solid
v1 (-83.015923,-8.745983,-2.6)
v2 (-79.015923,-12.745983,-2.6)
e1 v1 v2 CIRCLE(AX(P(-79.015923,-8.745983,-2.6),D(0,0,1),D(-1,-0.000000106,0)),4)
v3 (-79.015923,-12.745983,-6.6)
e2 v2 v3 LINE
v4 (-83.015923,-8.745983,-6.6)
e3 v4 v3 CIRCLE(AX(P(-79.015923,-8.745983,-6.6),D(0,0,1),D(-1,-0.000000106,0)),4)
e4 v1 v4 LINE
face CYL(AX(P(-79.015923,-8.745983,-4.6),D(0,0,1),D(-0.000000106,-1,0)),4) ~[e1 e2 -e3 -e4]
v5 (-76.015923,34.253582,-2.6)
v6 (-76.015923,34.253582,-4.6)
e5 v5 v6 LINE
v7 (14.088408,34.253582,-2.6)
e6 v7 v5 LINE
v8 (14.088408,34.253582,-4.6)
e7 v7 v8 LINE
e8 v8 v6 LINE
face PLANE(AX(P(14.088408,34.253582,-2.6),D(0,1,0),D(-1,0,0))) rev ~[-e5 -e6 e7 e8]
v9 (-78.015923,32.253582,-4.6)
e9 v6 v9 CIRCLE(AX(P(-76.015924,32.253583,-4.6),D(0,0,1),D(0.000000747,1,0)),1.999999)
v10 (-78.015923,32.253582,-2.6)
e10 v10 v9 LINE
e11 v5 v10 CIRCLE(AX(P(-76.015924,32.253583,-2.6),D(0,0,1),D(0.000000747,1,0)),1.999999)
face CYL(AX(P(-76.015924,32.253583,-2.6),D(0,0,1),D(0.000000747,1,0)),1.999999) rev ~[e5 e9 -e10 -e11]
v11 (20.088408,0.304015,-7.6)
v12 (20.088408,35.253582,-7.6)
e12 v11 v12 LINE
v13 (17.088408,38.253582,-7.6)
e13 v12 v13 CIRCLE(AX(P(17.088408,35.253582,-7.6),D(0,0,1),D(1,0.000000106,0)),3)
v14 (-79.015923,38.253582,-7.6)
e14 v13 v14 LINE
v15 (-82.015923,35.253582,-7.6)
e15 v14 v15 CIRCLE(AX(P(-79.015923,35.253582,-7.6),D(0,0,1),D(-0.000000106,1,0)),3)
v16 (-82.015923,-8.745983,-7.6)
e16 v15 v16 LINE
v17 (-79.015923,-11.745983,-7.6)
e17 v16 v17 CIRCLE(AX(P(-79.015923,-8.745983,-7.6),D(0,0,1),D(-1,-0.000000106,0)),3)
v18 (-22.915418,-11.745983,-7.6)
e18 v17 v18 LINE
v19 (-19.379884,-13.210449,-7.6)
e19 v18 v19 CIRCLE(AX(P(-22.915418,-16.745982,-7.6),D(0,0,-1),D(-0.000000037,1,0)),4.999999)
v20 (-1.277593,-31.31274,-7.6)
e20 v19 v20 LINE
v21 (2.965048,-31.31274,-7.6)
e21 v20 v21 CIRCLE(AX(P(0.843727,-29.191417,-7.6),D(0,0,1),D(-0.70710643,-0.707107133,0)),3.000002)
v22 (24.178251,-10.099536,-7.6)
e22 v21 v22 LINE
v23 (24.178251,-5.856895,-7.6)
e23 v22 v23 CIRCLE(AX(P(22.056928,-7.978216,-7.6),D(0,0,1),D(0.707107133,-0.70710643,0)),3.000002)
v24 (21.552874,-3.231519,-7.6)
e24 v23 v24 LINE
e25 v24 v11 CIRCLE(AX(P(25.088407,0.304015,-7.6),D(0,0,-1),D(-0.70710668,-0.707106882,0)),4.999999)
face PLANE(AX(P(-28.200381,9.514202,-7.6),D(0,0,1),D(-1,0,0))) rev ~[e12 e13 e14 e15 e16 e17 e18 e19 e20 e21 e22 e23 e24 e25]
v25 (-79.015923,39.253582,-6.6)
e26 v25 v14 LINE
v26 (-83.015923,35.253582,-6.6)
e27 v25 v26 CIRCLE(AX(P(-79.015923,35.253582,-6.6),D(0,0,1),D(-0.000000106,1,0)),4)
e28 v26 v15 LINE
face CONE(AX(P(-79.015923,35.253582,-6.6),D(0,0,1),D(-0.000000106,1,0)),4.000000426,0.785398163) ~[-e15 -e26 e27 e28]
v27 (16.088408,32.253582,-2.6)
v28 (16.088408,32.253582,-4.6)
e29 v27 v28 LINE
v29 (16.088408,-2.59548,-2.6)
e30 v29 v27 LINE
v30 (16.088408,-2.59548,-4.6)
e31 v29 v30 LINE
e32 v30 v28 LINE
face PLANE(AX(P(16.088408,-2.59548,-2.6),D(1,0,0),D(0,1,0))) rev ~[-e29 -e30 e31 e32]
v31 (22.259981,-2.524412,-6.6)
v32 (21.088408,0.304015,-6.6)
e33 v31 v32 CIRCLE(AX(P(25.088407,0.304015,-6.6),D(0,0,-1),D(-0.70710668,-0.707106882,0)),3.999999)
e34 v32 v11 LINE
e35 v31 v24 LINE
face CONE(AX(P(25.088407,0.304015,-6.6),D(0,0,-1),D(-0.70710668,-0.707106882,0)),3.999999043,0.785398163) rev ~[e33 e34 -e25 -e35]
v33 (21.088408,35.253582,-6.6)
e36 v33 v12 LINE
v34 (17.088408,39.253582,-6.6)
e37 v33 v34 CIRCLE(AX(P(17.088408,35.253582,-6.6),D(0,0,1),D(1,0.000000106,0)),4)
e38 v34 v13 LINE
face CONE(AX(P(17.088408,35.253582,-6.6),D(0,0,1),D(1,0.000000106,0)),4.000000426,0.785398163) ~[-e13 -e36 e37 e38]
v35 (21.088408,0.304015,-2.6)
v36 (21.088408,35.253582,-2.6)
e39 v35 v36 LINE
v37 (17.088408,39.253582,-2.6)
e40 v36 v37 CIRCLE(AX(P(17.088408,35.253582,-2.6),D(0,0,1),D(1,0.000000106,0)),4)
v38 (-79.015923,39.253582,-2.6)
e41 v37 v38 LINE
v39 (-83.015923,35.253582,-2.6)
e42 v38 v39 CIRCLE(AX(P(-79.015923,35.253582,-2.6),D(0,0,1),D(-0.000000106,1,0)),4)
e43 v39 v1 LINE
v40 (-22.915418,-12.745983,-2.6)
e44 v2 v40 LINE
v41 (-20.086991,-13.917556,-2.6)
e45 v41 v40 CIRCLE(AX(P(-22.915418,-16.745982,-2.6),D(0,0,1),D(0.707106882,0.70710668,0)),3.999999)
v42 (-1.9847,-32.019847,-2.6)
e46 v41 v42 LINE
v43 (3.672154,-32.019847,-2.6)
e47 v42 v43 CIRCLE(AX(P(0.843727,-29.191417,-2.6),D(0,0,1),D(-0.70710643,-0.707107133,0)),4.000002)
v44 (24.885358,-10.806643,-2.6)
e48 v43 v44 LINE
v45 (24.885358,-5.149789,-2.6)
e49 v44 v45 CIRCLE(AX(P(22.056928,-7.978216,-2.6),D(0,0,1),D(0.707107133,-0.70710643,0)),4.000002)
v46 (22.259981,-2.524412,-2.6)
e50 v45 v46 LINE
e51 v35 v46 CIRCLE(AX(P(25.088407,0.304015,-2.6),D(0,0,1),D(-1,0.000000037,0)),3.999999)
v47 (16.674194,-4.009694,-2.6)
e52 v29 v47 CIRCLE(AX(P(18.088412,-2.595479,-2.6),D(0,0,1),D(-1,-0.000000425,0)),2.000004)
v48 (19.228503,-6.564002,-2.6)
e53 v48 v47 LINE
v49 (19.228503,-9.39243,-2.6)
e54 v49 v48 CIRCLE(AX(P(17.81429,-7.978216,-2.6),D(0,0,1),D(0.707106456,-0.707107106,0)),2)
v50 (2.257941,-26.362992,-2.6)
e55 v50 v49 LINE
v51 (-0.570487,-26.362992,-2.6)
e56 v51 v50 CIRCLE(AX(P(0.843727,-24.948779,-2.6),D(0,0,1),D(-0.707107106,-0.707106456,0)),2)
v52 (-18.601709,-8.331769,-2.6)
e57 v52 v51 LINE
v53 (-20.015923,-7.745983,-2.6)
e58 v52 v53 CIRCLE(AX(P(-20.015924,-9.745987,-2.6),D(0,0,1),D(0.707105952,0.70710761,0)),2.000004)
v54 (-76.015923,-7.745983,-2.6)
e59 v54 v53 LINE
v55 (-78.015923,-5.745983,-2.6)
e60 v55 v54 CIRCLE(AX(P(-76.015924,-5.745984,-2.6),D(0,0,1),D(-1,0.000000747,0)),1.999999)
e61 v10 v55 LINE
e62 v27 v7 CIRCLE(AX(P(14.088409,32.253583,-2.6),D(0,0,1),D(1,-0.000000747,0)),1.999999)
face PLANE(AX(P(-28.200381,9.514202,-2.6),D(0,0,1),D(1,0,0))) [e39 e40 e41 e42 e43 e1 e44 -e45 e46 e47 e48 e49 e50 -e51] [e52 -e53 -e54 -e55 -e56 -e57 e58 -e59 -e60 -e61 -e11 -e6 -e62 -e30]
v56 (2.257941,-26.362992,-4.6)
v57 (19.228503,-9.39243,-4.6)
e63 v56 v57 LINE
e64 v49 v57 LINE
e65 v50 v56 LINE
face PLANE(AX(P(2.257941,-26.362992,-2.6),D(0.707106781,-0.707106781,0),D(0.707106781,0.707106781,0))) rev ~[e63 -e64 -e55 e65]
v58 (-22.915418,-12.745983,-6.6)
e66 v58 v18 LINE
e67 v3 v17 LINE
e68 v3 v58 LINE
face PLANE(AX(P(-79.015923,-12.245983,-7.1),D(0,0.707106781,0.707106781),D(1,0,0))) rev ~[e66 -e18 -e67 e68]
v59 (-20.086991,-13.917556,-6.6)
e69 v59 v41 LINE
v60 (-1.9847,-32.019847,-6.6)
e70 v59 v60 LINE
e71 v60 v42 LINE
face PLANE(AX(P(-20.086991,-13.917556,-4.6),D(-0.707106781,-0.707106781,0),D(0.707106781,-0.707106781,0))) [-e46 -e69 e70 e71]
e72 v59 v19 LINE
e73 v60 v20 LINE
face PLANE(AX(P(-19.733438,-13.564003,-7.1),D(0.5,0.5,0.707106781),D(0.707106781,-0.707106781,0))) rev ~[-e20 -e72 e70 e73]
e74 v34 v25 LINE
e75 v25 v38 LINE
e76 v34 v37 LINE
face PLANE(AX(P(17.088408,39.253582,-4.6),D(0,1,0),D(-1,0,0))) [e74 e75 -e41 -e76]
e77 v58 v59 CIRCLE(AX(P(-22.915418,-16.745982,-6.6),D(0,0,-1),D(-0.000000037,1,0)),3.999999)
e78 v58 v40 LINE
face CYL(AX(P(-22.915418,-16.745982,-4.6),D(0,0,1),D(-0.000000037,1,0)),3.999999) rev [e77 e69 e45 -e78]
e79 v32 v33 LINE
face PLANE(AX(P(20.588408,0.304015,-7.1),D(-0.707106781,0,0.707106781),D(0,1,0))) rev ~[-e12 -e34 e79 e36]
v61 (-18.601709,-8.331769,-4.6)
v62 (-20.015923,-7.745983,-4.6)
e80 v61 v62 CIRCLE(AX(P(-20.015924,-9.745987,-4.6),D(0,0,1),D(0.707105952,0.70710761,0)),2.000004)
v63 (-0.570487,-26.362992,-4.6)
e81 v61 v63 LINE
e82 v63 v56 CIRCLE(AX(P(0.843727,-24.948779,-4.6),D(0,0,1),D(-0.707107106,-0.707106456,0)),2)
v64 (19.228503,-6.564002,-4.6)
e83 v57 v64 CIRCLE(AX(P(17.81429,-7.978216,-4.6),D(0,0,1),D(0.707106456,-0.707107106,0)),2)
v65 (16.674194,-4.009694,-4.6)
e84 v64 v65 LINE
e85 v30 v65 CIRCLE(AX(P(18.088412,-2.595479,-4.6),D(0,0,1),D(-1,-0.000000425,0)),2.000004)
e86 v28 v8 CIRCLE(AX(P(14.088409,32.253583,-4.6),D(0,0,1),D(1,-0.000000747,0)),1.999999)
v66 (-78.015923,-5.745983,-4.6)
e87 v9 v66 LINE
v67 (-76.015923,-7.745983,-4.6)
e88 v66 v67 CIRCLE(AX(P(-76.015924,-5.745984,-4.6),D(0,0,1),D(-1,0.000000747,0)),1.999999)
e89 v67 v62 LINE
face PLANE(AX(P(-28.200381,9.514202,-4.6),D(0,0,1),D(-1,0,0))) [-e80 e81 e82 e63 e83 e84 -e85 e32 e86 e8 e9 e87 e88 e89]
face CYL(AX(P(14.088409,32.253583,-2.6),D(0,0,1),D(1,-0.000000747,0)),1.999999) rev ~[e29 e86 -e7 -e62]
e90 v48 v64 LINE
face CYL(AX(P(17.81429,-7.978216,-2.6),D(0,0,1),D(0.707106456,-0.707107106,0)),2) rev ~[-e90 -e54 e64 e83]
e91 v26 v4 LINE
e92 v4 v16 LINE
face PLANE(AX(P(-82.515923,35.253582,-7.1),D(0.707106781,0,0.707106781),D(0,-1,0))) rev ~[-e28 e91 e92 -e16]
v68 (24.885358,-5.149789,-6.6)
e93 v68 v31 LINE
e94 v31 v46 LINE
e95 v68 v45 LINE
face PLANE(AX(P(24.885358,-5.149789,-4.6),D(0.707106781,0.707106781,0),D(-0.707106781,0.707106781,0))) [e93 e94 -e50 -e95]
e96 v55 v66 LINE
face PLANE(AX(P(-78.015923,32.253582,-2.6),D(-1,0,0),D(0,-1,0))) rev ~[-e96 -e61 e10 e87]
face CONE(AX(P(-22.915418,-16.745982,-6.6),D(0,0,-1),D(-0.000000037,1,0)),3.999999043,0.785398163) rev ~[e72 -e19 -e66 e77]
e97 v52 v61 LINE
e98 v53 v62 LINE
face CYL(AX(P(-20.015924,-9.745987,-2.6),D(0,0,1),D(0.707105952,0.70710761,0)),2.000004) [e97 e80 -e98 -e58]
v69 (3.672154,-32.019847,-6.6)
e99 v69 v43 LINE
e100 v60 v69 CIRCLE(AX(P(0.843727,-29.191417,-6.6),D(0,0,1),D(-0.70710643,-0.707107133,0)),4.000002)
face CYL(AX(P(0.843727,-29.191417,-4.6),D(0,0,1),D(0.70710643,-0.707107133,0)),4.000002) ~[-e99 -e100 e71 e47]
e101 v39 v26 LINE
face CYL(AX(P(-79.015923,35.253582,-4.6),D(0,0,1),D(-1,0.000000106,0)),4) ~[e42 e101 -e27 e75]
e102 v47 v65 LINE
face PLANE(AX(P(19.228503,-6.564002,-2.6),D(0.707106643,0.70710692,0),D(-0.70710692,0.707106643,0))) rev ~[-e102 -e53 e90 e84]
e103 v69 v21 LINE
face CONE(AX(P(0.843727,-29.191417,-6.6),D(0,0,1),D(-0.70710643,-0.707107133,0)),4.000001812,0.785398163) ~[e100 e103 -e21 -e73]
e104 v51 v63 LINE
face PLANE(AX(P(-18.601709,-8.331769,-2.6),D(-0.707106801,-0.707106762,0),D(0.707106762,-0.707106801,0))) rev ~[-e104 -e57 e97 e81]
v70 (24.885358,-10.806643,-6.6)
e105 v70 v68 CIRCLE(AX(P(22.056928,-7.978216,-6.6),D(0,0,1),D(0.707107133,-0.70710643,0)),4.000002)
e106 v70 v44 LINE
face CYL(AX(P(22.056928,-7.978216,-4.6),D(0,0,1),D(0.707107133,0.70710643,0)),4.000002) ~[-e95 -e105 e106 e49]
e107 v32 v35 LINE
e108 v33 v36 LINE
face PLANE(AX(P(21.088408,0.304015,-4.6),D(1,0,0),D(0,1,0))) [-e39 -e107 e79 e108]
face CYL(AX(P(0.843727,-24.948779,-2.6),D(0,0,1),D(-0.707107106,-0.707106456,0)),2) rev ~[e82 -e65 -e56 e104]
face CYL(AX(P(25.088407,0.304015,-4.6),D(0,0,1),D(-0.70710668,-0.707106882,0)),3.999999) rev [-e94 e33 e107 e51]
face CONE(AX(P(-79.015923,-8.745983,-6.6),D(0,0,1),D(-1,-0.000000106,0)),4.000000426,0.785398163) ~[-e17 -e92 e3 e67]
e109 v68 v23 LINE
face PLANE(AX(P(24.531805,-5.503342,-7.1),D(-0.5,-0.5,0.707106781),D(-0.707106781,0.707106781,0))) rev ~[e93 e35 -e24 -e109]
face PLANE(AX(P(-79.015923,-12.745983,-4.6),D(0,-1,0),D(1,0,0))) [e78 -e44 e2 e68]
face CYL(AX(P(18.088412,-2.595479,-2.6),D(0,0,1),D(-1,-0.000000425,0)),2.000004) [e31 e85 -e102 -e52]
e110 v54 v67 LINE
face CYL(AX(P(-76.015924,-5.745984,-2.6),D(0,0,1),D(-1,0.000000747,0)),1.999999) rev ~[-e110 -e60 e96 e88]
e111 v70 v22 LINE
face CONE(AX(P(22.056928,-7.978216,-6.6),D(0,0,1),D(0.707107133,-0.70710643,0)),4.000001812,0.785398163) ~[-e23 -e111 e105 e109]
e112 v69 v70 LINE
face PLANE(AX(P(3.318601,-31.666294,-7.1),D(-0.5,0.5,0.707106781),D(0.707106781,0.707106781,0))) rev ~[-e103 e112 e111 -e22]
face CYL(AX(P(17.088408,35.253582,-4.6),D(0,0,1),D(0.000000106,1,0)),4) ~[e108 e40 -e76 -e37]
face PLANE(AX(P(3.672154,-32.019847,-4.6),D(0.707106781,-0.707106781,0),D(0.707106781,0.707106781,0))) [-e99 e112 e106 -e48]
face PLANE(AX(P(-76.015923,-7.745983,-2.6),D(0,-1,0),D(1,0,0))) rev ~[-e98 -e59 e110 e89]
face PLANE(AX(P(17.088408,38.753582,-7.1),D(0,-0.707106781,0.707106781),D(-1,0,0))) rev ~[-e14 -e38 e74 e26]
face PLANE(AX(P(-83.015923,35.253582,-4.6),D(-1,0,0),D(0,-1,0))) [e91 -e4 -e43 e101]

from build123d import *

# Parameters (mm, degrees)
PAD002_DEPTH = 2
PAD003_DEPTH = 3
CHAMFER_SIZE = 1


with BuildPart() as part:
    # Sketch002 → Pad002 (new body)
    with BuildSketch(Plane.XY):
        with BuildLine():
            Line((17.088408, 39.253582), (-79.015923, 39.253582))
            ThreePointArc((-79.015923, 39.253582), (-81.84435, 38.082009), (-83.015923, 35.253582))
            Line((-83.015923, 35.253582), (-83.015923, -8.745983))
            ThreePointArc((-83.015923, -8.745983), (-81.84435, -11.57441), (-79.015923, -12.745983))
            Line((-79.015923, -12.745983), (-22.915418, -12.745983))
            ThreePointArc((-20.086991, -13.917556), (-21.384684, -13.050465), (-22.915418, -12.745983))
            Line((-20.086991, -13.917556), (-1.9847, -32.019847))
            ThreePointArc((-1.9847, -32.019847), (0.843727, -33.191419), (3.672154, -32.019847))
            Line((3.672154, -32.019847), (24.885358, -10.806643))
            ThreePointArc((24.885358, -10.806643), (26.05693, -7.978216), (24.885358, -5.149789))
            Line((24.885358, -5.149789), (22.259981, -2.524412))
            ThreePointArc((21.088408, 0.304015), (21.39289, -1.226719), (22.259981, -2.524412))
            Line((21.088408, 0.304015), (21.088408, 35.253582))
            ThreePointArc((21.088408, 35.253582), (19.916835, 38.082009), (17.088408, 39.253582))
        make_face()
        with BuildLine():
            Line((14.088408, 34.253582), (-76.015923, 34.253582))
            ThreePointArc((-76.015923, 34.253582), (-77.430137, 33.667796), (-78.015923, 32.253582))
            Line((-78.015923, 32.253582), (-78.015923, -5.745983))
            ThreePointArc((-78.015923, -5.745983), (-77.430137, -7.160197), (-76.015923, -7.745983))
            Line((-76.015923, -7.745983), (-20.015923, -7.745983))
            ThreePointArc((-18.601709, -8.331769), (-19.250556, -7.898224), (-20.015923, -7.745983))
            Line((-18.601709, -8.331769), (-0.570487, -26.362992))
            ThreePointArc((-0.570487, -26.362992), (0.843727, -26.948779), (2.257941, -26.362992))
            Line((2.257941, -26.362992), (19.228503, -9.39243))
            ThreePointArc((19.228503, -9.39243), (19.81429, -7.978216), (19.228503, -6.564002))
            Line((19.228503, -6.564002), (16.674194, -4.009694))
            ThreePointArc((16.088408, -2.59548), (16.240649, -3.360847), (16.674194, -4.009694))
            Line((16.088408, -2.59548), (16.088408, 32.253582))
            ThreePointArc((16.088408, 32.253582), (15.502622, 33.667796), (14.088408, 34.253582))
        make_face(mode=Mode.SUBTRACT)
    extrude(amount=-PAD002_DEPTH)

    # Sketch003 (on Face30 of Pad002) → Pad003 (join)
    with BuildSketch(Plane(origin=(0, 0, -2), x_dir=(1, 0, 0), z_dir=(0, 0, -1))):
        with BuildLine():
            Line((-79.015923, 12.745983), (-22.915418, 12.745983))
            ThreePointArc((-22.915418, 12.745983), (-21.384684, 13.050465), (-20.086991, 13.917556))
            Line((-20.086991, 13.917556), (-1.9847, 32.019847))
            ThreePointArc((3.672154, 32.019847), (0.843727, 33.191419), (-1.9847, 32.019847))
            Line((3.672154, 32.019847), (24.885358, 10.806643))
            ThreePointArc((24.885358, 5.149789), (26.05693, 7.978216), (24.885358, 10.806643))
            Line((24.885358, 5.149789), (22.259981, 2.524412))
            ThreePointArc((22.259981, 2.524412), (21.39289, 1.226719), (21.088408, -0.304015))
            Line((21.088408, -0.304015), (21.088408, -35.253582))
            ThreePointArc((17.088408, -39.253582), (19.916835, -38.082009), (21.088408, -35.253582))
            Line((17.088408, -39.253582), (-79.015923, -39.253582))
            ThreePointArc((-83.015923, -35.253582), (-81.84435, -38.082009), (-79.015923, -39.253582))
            Line((-83.015923, -35.253582), (-83.015923, 8.745983))
            ThreePointArc((-79.015923, 12.745983), (-81.84435, 11.57441), (-83.015923, 8.745983))
        make_face()
    extrude(amount=PAD003_DEPTH)

    # Chamfer
    chamfer_edges = [part.edges().sort_by_distance(p)[0] for p in [
        (-83.015923, 13.2538, -5),
        (-81.84435, -11.57441, -5),
        (-50.96567, -12.745983, -5),
        (-21.384684, -13.050465, -5),
        (-11.035845, -22.968701, -5),
        (0.843727, -33.191419, -5),
        (14.278756, -21.413245, -5),
        (26.05693, -7.978216, -5),
        (23.572669, -3.837101, -5),
        (21.39289, -1.226719, -5),
        (21.088408, 17.778798, -5),
        (19.916835, 38.082009, -5),
        (-30.963758, 39.253582, -5),
        (-81.84435, 38.082009, -5),
    ]]
    chamfer(chamfer_edges, length=CHAMFER_SIZE)


with BuildPart() as part_1:
    # Body001 placement: moved
    add(part.part.moved(Location((0, 0, -2.6))))


solid = part_1.part
